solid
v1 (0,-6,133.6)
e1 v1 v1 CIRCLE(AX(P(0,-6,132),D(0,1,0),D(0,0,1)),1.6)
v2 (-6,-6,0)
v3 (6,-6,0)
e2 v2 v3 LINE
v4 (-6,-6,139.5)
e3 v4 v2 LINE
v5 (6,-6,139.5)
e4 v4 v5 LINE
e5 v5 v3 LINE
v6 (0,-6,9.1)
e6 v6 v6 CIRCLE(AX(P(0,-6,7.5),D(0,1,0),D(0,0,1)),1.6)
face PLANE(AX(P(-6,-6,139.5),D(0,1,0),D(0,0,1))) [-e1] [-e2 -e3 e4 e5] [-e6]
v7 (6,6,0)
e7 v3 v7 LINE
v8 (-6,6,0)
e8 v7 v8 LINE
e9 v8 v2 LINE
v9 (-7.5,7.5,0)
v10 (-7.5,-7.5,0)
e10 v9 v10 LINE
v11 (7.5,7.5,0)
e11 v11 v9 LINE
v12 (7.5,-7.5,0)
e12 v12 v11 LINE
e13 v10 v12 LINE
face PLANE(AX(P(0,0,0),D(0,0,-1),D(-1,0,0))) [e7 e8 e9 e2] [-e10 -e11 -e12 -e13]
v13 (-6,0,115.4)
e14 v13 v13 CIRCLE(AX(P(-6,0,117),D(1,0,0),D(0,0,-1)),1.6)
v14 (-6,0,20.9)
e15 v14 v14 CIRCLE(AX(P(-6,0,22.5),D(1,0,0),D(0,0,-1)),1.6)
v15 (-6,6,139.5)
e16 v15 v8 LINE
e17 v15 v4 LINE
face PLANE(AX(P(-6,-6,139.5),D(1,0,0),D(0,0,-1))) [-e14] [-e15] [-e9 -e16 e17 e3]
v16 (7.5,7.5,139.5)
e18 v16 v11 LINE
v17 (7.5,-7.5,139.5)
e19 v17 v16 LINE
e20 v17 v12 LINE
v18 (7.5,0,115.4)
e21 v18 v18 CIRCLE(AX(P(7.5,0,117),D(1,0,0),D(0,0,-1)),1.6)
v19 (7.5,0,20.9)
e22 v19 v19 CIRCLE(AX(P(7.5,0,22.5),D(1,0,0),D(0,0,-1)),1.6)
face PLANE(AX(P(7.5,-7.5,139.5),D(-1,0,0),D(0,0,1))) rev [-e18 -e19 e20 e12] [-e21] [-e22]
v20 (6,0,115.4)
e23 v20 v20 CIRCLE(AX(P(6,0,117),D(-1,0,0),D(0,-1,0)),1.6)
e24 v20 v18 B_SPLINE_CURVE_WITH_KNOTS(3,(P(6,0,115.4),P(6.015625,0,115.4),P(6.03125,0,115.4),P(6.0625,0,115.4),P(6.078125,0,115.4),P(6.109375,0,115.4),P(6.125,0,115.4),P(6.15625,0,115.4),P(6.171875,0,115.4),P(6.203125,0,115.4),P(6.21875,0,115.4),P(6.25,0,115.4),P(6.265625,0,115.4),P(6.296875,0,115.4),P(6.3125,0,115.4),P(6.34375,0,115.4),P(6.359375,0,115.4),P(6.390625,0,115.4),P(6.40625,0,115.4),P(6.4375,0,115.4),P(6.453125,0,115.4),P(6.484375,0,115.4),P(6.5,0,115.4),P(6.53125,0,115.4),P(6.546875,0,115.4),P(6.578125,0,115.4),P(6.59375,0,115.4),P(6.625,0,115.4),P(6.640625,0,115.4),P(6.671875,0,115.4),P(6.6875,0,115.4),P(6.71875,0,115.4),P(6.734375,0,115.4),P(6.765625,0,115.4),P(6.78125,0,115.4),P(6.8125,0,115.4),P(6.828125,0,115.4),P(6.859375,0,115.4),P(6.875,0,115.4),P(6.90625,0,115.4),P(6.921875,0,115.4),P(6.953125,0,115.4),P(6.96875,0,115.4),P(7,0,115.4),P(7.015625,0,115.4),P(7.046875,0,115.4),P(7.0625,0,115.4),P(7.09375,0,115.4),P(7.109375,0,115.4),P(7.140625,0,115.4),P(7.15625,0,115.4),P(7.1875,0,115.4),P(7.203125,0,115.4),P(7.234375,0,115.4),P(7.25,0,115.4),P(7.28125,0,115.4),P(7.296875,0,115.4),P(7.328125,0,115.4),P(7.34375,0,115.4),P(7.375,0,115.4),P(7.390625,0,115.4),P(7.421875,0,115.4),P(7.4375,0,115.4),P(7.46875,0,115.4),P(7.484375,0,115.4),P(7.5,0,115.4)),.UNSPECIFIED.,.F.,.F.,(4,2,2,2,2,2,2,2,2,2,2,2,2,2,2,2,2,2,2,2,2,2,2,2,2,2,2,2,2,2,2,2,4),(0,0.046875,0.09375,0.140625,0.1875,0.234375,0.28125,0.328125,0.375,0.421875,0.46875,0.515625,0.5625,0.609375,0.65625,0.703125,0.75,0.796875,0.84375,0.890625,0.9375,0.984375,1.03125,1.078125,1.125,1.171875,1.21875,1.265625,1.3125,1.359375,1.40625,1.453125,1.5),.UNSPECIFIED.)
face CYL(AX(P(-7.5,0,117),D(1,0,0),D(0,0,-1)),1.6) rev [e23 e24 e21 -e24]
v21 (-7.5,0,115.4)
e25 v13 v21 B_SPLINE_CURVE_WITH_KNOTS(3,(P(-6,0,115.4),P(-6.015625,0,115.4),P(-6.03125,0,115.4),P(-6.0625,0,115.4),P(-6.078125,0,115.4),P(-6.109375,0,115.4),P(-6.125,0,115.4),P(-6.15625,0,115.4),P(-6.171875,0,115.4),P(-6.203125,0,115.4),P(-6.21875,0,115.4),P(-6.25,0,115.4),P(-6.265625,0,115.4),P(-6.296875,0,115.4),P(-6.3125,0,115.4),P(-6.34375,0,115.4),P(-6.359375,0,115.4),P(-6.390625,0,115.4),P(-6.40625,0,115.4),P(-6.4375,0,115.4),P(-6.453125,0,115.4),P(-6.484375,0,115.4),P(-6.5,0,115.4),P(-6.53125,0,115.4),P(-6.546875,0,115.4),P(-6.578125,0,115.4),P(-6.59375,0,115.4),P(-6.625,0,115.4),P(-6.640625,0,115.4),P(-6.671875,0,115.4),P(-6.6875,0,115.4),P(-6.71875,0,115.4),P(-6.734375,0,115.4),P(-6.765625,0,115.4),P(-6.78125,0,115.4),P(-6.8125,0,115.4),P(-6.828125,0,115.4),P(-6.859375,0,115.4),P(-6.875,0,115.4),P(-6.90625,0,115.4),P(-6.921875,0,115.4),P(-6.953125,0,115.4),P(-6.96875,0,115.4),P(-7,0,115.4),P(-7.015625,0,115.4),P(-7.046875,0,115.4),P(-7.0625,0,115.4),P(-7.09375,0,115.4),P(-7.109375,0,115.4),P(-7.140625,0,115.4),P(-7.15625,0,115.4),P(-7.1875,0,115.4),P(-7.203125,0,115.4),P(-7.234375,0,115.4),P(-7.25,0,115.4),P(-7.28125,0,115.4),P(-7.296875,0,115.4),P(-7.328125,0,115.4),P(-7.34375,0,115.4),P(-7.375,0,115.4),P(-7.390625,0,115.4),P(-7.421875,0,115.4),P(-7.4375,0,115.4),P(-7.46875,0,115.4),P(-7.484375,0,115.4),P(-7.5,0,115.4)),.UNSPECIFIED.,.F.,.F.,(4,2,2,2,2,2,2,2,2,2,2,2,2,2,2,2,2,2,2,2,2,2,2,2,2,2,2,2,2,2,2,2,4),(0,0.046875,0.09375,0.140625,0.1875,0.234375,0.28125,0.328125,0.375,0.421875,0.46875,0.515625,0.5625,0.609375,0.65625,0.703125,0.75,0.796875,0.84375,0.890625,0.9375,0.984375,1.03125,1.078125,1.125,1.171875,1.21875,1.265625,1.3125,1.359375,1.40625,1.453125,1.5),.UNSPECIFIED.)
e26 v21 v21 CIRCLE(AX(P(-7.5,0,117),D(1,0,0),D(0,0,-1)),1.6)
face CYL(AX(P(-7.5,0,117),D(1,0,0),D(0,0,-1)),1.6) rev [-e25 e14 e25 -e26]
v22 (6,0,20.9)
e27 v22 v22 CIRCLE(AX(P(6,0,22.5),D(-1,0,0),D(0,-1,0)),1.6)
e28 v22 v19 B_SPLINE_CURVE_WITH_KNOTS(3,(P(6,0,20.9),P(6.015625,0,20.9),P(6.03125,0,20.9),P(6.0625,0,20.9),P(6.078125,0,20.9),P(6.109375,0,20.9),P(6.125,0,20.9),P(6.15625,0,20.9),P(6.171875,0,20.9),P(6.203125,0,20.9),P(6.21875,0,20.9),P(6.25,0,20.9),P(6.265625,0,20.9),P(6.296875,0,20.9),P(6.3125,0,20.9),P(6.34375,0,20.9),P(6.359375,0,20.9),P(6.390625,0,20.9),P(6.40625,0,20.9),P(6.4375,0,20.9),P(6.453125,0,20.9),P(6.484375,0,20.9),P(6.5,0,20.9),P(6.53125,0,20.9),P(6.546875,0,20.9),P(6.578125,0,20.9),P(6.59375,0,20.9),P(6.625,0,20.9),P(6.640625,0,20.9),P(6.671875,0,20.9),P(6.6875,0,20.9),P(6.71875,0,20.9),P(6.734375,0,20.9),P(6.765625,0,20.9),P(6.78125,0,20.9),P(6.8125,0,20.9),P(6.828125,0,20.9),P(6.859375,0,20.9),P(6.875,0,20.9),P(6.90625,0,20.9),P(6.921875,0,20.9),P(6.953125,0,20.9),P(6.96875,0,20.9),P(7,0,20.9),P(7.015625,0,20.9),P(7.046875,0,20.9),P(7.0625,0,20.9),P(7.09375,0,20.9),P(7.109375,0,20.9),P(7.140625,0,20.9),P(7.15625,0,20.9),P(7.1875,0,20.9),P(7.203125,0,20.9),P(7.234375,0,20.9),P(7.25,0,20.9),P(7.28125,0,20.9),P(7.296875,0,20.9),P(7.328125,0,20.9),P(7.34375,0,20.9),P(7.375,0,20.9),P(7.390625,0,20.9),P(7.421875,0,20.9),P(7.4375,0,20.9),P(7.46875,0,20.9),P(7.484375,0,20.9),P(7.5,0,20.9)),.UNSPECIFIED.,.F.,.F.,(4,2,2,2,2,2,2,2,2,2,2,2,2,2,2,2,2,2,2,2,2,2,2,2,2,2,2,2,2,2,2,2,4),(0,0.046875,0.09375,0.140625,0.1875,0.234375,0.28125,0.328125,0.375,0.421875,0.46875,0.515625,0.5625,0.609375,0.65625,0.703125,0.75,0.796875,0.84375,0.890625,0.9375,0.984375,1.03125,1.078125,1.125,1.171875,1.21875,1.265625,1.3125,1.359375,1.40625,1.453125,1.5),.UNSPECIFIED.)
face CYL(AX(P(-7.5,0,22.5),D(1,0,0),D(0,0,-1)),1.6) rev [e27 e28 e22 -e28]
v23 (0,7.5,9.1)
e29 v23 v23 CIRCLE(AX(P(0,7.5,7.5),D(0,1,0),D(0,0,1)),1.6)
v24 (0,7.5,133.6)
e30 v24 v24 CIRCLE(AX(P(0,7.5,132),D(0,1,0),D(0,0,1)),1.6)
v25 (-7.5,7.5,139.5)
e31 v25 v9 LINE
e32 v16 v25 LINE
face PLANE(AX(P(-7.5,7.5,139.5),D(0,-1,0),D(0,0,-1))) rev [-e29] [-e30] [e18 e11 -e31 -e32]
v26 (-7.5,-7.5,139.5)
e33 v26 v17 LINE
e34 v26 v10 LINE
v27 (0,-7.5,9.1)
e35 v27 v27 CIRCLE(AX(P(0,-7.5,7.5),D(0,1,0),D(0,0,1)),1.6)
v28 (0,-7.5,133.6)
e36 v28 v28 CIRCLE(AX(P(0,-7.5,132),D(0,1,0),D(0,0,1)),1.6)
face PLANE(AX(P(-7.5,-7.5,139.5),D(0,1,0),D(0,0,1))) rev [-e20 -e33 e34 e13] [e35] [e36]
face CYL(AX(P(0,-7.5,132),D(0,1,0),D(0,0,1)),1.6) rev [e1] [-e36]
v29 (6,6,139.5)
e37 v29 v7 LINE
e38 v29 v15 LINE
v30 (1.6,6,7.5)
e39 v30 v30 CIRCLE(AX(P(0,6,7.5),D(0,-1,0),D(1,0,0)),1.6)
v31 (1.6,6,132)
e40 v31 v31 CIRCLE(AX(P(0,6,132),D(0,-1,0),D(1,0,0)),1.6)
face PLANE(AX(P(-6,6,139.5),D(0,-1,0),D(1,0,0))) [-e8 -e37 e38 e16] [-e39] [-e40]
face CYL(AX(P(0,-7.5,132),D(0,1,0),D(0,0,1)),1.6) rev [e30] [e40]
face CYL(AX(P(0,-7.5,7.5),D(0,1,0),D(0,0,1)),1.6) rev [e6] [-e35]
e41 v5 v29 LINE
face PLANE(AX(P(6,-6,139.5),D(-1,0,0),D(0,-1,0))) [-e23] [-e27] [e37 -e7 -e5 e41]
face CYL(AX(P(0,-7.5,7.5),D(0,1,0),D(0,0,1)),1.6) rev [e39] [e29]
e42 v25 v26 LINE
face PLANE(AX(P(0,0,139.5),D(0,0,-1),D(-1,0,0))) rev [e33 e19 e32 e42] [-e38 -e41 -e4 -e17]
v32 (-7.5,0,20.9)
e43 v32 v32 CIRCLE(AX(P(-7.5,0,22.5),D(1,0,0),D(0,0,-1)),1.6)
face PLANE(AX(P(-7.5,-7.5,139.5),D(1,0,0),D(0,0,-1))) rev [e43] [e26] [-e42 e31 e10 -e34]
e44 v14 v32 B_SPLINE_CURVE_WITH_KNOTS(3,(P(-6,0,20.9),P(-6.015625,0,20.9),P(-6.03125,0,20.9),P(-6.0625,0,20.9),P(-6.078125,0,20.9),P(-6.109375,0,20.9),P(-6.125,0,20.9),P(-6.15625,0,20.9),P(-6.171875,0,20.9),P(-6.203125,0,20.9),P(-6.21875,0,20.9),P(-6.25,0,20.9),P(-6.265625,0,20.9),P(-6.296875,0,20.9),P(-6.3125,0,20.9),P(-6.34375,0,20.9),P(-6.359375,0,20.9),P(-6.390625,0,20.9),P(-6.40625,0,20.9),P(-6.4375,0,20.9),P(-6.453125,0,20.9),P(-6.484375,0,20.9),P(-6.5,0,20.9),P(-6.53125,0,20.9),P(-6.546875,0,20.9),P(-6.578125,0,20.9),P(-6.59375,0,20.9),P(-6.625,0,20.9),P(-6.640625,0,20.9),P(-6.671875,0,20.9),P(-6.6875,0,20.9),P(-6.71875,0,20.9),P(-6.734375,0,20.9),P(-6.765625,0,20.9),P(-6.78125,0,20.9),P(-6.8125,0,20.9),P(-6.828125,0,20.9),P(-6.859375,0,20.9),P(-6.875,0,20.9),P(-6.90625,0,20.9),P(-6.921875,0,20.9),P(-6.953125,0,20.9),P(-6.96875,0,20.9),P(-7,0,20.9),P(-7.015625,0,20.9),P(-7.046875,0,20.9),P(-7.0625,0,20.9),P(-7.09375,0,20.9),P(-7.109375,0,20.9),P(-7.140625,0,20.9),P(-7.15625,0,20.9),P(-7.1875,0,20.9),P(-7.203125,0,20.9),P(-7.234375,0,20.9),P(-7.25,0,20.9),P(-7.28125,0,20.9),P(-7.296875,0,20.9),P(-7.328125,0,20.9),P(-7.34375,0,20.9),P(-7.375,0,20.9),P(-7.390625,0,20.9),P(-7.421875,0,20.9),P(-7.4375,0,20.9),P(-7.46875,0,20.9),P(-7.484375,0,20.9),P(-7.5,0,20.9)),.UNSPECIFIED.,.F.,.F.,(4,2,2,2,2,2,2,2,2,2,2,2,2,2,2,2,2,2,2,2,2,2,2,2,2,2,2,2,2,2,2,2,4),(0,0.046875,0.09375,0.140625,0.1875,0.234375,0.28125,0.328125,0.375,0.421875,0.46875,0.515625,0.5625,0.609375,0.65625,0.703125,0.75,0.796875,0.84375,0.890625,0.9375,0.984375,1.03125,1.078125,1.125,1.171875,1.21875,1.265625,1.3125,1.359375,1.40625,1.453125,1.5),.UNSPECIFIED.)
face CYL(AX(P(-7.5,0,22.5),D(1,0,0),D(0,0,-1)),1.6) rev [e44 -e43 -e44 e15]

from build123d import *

# Parameters (mm, degrees)
SKETCH_1_W          = 15
SKETCH_1_H          = 15
SKETCH_1_W_2        = 12
SKETCH_1_H_2        = 12
EXTRUDE_1_DEPTH     = 139.5
SKETCH_2_R          = 1.6
CUT_EXTRUDE_1_DEPTH = 141.504448328
SKETCH_3_R          = 1.6
CUT_EXTRUDE_2_DEPTH = 141.504448328


with BuildPart() as part:
    # ｽｹｯﾁ1 → ﾎﾞｽ - 押し出し1 (new body)
    with BuildSketch(Plane.XY):
        Rectangle(SKETCH_1_W, SKETCH_1_H)
        Rectangle(SKETCH_1_W_2, SKETCH_1_H_2, mode=Mode.SUBTRACT)
    extrude(amount=EXTRUDE_1_DEPTH)

    # ｽｹｯﾁ2 → ｶｯﾄ - 押し出し1 (cut, through all)
    with BuildSketch(Plane(origin=(0, 7.5, 0), x_dir=(1, 0, 0), z_dir=(0, 1, 0))):
        with Locations(Location((0, -7.5, 0), (0, 0, 270))):
            Circle(SKETCH_2_R)
        with Locations(Location((0, -132, 0), (0, 0, 270))):
            Circle(SKETCH_2_R)
    extrude(amount=-CUT_EXTRUDE_1_DEPTH, mode=Mode.SUBTRACT)

    # ｽｹｯﾁ3 → ｶｯﾄ - 押し出し2 (cut, through all)
    with BuildSketch(Plane(origin=(7.5, 0, 0), x_dir=(0, 0, -1), z_dir=(1, 0, 0))):
        with Locations((-117, 0)):
            Circle(SKETCH_3_R)
        with Locations((-22.5, 0)):
            Circle(SKETCH_3_R)
    extrude(amount=-CUT_EXTRUDE_2_DEPTH, mode=Mode.SUBTRACT)


solid = part.part
